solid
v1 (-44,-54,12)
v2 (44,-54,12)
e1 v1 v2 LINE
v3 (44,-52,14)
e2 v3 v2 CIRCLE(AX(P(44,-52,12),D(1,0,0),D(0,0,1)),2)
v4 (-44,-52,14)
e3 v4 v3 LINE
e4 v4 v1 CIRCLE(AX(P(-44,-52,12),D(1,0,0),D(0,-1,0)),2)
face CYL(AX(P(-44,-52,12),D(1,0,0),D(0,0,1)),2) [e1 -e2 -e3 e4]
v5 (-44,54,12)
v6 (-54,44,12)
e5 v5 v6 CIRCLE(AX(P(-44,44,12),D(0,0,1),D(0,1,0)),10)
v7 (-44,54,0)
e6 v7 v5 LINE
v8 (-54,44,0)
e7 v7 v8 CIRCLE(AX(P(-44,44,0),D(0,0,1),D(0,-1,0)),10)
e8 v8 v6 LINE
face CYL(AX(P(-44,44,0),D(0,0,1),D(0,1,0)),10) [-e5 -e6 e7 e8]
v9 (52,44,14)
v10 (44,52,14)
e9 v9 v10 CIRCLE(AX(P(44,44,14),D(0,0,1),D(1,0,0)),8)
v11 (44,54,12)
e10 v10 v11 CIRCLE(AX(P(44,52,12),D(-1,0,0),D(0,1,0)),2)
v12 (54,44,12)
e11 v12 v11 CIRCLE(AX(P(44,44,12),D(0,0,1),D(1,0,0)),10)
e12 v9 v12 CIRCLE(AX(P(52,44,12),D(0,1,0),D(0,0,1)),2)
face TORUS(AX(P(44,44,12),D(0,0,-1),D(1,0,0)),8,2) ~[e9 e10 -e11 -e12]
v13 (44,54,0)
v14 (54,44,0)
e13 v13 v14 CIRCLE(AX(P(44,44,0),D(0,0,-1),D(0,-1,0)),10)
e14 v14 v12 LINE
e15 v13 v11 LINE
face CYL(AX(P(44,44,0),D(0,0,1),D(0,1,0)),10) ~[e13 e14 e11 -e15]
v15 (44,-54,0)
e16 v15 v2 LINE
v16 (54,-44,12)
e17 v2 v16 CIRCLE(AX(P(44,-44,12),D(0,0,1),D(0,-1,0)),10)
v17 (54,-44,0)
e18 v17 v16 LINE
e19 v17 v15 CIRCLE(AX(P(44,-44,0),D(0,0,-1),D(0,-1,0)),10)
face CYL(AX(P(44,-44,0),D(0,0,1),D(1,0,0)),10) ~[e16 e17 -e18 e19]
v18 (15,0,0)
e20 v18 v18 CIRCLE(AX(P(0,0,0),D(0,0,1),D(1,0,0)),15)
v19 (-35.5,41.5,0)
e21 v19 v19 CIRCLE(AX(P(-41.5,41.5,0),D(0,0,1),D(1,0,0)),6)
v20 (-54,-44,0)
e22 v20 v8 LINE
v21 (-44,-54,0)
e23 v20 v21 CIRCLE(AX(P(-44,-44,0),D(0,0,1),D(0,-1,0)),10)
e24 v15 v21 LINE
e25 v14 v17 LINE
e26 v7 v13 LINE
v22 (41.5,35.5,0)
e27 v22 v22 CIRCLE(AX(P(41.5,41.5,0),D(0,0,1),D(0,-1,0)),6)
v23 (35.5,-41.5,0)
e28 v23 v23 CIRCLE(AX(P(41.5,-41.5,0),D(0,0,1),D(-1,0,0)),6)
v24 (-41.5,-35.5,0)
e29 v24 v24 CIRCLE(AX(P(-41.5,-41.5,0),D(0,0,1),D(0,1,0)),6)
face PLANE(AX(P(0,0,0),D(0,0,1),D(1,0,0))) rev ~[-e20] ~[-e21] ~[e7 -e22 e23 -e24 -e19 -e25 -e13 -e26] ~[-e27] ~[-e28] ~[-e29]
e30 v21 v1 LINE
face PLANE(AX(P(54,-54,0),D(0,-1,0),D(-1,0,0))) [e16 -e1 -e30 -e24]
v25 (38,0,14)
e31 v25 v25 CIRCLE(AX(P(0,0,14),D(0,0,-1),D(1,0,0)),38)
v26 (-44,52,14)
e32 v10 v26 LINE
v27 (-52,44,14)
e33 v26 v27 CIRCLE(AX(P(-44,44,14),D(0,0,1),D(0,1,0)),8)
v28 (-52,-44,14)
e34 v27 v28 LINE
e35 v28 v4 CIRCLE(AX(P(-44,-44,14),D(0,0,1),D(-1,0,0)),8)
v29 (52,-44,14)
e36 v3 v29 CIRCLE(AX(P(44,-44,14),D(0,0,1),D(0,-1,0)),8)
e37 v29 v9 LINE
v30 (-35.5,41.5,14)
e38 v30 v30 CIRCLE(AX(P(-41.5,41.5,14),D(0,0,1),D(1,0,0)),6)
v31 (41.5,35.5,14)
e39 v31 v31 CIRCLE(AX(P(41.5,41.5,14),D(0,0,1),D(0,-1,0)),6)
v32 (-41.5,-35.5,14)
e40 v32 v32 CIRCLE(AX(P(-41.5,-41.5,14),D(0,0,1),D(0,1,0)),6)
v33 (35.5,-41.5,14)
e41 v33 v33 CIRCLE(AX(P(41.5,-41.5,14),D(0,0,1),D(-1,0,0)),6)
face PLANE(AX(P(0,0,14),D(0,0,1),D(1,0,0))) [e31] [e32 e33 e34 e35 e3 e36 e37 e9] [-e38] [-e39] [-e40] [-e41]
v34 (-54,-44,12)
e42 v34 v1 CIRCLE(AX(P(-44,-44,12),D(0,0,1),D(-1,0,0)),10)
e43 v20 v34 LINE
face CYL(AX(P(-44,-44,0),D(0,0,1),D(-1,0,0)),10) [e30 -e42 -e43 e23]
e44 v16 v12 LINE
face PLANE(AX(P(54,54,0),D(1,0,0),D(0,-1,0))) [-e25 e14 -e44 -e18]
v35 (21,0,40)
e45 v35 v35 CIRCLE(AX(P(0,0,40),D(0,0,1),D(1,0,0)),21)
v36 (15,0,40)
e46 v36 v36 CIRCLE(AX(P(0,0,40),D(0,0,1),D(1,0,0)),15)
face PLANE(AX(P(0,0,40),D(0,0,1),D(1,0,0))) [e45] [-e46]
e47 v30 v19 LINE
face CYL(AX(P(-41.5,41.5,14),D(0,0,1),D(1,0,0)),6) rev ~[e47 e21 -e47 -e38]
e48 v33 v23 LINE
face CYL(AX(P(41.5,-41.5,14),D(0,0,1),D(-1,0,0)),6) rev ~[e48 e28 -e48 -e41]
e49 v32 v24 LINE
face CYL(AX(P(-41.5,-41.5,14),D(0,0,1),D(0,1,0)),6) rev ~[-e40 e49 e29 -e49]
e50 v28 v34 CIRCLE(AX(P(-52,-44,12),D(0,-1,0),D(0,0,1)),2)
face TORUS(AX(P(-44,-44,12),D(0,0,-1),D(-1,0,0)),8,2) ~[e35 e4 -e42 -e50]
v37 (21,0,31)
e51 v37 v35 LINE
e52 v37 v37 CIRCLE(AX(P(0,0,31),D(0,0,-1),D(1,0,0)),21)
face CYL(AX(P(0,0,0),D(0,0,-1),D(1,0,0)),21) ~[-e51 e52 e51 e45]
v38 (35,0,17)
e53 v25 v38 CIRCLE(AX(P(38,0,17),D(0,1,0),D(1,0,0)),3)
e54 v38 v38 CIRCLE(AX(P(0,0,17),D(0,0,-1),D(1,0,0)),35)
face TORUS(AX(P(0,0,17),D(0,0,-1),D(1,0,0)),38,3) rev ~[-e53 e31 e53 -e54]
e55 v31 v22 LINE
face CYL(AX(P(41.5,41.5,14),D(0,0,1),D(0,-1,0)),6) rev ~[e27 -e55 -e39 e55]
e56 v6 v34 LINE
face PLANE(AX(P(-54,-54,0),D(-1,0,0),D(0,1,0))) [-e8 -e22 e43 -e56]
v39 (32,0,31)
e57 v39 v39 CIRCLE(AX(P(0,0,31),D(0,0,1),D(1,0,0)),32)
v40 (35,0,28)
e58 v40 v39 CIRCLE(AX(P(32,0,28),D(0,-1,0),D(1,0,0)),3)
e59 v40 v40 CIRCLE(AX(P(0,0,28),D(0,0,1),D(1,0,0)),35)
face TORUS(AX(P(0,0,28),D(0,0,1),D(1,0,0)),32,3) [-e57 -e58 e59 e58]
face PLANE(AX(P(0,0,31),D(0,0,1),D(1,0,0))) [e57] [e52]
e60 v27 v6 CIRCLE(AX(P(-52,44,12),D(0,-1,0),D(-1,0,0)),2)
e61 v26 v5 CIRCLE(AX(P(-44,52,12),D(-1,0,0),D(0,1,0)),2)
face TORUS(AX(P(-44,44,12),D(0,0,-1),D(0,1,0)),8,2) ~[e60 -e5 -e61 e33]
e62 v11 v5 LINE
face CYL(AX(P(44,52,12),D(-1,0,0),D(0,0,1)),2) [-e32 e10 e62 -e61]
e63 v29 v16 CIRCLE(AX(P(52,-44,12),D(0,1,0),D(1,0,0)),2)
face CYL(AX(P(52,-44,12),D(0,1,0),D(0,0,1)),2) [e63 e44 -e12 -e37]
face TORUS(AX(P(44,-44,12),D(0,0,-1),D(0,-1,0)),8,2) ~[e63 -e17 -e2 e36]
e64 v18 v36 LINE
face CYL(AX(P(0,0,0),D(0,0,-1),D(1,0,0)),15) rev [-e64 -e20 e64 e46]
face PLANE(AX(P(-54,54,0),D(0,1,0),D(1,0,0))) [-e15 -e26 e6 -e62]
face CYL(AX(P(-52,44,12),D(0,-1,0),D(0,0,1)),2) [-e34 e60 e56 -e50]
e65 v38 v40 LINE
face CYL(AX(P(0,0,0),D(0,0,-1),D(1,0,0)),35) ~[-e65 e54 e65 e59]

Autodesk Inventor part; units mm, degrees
ref_plane "YZ Plane" through (0, 0, 0) normal (1, 0, 0) x (0, 1, 0)
ref_plane "XZ Plane" through (0, 0, 0) normal (0, 1, 0) x (-1, 0, 0)
ref_plane "XY Plane" through (0, 0, 0) normal (0, 0, 1) x (1, 0, 0)
sketch "Sketch1" plane through (0, 0, 0) normal (0, 0, 1) x (1, 0, 0)
  line L0 (-54, 54) -> (54, 54)
  line L1 (54, 54) -> (54, -54)
  line L2 (54, -54) -> (-54, -54)
  line L3 (-54, -54) -> (-54, 54)
  line L4 (-54, 54) -> (54, -54) construction
  line L5 (54, 54) -> (-54, -54) construction
  point P0 (0, 0)
  dimension "d0" = 108
extrude "Extrusion1" add sketch "Sketch1" along normal blind 14
sketch "Sketch2" plane through (0, 0, 14) normal (0, 0, 1) x (1, 0, 0)
  circle A0 centre (-41.5, 41.5) radius 6
  line L0 (54, 54) -> (-54, 54) construction
  line L1 (-54, 54) -> (0, 0) construction
  dimension "d4" = 41.5
  dimension "d5" = 12
extrude "Extrusion2" cut sketch "Sketch2" against normal through all
pattern_circular "Circular Pattern1" count 4 over 360 about axis through (0, 0, -10) along (0, 0, 1) of "Extrusion2"
fillet "Fillet1" radius 10 4 edges at (-54, 54, 7) (54, 54, 7) (-54, -54, 7) (54, -54, 7)
sketch "Sketch4" plane through (0, 0, 0) normal (0, 0, 1) x (1, 0, 0)
  circle A0 centre (0, 0) radius 35
  dimension "d15" = 70
extrude "Extrusion4" add sketch "Sketch4" along normal blind 31
sketch "Sketch5" plane through (0, 0, 0) normal (0, 0, 1) x (1, 0, 0)
  circle A0 centre (0, 0) radius 15
  dimension "d18" = 30
extrude "Extrusion5" cut sketch "Sketch5" along normal blind 31
sketch "Sketch6" plane through (0, 0, 0) normal (0, 0, 1) x (1, 0, 0)
  circle A0 centre (0, 0) radius 15 projected
  circle A1 centre (0, 0) radius 21
  dimension "d21" = 6
extrude "Extrusion6" add sketch "Sketch6" along normal blind 40
fillet "Fillet2" radius 3 2 edges at (-35, 0, 31) (-35, 0, 14)
fillet "Fillet3" radius 2 8 edges at (-51.0711, 51.0711, 14) (-54, 0, 14) (-51.0711, -51.0711, 14) (0, -54, 14) (51.0711, -51.0711, 14) (54, 0, 14) (51.0711, 51.0711, 14) (0, 54, 14)
properties part number "NDM-VOS dummy Disc Harrow Pillow block bearing mount Assembly"
